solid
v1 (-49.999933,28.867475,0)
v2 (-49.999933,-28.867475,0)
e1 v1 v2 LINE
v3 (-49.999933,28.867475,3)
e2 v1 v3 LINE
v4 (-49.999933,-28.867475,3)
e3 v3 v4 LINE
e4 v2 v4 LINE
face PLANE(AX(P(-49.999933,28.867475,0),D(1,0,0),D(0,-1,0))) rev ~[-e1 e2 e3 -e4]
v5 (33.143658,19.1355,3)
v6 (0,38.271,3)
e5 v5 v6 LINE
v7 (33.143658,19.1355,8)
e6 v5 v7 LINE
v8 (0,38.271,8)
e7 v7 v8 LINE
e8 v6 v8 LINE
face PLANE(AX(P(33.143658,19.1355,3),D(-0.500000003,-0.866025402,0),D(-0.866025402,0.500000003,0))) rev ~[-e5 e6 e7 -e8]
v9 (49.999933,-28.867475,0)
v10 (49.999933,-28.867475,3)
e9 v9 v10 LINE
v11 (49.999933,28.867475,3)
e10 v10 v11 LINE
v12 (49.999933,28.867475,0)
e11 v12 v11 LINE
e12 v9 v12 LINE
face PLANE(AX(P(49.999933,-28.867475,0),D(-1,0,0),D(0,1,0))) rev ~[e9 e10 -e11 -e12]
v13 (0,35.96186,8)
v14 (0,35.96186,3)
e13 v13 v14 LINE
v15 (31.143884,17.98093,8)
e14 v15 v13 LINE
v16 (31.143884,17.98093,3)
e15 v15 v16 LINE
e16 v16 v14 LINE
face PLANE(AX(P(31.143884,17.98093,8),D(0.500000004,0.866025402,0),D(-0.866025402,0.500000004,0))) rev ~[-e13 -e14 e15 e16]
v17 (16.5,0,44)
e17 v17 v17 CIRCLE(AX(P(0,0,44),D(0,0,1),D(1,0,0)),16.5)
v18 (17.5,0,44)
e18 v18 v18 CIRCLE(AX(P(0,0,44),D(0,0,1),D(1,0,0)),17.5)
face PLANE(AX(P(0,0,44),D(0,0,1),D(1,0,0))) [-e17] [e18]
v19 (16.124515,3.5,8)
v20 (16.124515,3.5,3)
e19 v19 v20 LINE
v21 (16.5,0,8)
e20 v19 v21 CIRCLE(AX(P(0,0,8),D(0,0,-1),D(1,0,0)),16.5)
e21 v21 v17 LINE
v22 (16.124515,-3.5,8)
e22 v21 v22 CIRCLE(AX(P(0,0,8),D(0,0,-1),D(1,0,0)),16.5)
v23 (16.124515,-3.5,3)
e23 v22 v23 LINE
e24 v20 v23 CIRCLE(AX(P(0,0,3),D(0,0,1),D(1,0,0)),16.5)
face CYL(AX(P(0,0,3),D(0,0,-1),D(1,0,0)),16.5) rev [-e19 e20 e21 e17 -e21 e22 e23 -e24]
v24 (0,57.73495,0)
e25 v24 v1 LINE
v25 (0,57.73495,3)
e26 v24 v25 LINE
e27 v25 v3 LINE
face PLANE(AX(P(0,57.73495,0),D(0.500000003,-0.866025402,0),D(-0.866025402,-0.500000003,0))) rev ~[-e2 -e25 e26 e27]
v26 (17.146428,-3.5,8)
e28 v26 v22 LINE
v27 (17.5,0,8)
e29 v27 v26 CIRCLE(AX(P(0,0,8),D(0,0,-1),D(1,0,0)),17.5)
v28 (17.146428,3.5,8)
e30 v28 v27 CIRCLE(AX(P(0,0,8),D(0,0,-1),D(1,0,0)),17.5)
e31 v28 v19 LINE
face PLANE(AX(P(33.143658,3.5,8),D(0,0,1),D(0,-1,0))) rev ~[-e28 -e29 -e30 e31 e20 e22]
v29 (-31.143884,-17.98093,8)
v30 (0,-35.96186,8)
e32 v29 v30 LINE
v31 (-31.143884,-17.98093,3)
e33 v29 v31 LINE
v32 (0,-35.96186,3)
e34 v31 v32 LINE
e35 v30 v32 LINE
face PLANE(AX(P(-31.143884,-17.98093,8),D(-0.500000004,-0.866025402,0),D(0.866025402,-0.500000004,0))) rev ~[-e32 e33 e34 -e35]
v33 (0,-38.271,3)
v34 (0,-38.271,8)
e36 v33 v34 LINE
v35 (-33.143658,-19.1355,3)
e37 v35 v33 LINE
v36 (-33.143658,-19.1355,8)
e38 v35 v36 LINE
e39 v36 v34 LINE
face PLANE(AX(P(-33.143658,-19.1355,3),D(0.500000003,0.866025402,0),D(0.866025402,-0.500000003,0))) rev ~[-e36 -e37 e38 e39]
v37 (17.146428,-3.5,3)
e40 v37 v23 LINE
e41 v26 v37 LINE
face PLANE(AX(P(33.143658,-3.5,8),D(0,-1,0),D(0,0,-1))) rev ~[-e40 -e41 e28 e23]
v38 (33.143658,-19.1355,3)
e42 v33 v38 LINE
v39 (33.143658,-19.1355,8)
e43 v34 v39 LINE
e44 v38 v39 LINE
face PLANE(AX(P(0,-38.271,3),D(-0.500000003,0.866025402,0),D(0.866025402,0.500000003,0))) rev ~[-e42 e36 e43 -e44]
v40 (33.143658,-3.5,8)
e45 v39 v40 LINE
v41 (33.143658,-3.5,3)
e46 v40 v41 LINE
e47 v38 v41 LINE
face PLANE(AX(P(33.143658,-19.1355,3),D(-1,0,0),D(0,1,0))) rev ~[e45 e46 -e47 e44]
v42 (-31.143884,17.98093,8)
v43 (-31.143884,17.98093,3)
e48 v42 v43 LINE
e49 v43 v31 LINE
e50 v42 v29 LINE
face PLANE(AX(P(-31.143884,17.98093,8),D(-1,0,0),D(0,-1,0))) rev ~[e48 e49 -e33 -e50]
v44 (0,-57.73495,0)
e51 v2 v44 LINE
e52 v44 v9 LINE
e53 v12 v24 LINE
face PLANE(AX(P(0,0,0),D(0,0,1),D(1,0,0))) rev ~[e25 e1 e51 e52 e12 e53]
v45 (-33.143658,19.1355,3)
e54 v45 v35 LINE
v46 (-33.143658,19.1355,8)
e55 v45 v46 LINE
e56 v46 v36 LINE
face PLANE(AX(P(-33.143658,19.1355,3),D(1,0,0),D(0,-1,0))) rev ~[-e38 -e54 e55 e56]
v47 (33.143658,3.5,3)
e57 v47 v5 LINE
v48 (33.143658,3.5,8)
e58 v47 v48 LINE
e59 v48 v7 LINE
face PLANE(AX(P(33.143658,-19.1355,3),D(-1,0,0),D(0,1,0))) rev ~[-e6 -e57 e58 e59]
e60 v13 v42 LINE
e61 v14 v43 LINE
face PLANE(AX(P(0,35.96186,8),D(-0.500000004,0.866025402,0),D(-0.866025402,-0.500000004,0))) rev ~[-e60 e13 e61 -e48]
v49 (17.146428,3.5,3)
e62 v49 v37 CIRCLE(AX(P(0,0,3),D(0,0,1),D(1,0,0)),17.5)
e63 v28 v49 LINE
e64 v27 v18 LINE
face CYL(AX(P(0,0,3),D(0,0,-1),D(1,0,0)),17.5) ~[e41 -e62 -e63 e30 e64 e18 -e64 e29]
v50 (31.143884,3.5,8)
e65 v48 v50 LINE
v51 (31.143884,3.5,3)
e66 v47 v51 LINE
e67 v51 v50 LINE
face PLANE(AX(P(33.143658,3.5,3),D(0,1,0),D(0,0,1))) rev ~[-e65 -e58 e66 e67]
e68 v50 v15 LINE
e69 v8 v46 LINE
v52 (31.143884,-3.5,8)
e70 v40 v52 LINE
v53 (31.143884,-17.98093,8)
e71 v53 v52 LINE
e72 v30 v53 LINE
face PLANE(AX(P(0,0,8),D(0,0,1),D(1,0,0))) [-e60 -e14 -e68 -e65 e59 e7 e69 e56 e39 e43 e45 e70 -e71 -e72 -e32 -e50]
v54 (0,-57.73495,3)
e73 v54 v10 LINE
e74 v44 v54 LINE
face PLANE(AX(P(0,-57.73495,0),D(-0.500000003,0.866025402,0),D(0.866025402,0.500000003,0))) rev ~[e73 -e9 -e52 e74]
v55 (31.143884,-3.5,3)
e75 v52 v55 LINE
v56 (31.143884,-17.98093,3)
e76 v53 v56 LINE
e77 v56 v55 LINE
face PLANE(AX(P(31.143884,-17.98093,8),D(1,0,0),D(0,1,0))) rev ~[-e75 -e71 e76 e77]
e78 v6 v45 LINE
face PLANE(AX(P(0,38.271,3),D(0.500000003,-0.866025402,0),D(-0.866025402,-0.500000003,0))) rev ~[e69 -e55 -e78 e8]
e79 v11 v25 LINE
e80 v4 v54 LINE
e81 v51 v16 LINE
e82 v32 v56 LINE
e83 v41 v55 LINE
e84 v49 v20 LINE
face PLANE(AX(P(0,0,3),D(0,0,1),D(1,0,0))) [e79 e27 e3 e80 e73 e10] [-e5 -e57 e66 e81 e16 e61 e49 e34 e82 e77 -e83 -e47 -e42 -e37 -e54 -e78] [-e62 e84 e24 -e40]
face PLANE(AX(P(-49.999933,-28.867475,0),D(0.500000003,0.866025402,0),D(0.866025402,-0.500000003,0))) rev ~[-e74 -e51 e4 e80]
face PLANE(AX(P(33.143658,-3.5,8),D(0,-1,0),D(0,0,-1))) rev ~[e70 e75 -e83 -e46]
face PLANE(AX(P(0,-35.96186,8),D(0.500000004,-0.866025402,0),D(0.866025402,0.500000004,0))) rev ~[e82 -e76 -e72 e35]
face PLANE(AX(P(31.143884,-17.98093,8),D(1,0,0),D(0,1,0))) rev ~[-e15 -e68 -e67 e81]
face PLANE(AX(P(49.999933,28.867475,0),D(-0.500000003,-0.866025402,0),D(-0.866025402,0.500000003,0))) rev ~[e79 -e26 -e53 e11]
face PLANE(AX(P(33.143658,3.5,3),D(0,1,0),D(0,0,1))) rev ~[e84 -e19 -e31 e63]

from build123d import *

# Parameters (mm, degrees)
F1_DEPTH = 3
F3_DEPTH = 5
F5_DEPTH = 5
F6_R     = 17.5
F6_R_2   = 16.5
F7_DEPTH = 41
F8_W     = 3.5
F8_H     = 4
F9_DEPTH = 25


with BuildPart() as f1:
    # F0 (on Top) → F1 (new body)
    with BuildSketch(Plane.XY):
        Polygon((49.999933, 28.867475), (0, 57.73495), (-49.999933, 28.867475), (-49.999933, -28.867475), (0, -57.73495), (49.999933, -28.867475), align=None)
    extrude(amount=F1_DEPTH)

    # F2 (on face) → F3 (join)
    with BuildSketch(Plane.XY.offset(3)):
        Polygon((33.143658, 19.1355), (0, 38.271), (-33.143658, 19.1355), (-33.143658, -19.1355), (0, -38.271), (33.143658, -19.1355), align=None)
    extrude(amount=F3_DEPTH)

    # F4 (on face) → F5 (cut)
    with BuildSketch(Plane.XY.offset(8)):
        Polygon((31.143884, 17.98093), (0, 35.96186), (-31.143884, 17.98093), (-31.143884, -17.98093), (0, -35.96186), (31.143884, -17.98093), align=None)
    extrude(amount=-F5_DEPTH, mode=Mode.SUBTRACT)

    # F6 (on face) → F7 (join)
    with BuildSketch(Plane.XY.offset(3)):
        Circle(F6_R)
        Circle(F6_R_2, mode=Mode.SUBTRACT)
    extrude(amount=F7_DEPTH)

    # F8 (on face) → F9 (cut)
    with BuildSketch(Plane.YZ.offset(33.143658)):
        with Locations((-1.75, 5)):
            Rectangle(F8_W, F8_H)
        with Locations((1.75, 5)):
            Rectangle(F8_W, F8_H)
        Polygon((-3.5, 7), (0, 7), (3.5, 7), (3.5, 8), (-3.5, 8), align=None)
    extrude(amount=-F9_DEPTH, mode=Mode.SUBTRACT)


solid = f1.part
